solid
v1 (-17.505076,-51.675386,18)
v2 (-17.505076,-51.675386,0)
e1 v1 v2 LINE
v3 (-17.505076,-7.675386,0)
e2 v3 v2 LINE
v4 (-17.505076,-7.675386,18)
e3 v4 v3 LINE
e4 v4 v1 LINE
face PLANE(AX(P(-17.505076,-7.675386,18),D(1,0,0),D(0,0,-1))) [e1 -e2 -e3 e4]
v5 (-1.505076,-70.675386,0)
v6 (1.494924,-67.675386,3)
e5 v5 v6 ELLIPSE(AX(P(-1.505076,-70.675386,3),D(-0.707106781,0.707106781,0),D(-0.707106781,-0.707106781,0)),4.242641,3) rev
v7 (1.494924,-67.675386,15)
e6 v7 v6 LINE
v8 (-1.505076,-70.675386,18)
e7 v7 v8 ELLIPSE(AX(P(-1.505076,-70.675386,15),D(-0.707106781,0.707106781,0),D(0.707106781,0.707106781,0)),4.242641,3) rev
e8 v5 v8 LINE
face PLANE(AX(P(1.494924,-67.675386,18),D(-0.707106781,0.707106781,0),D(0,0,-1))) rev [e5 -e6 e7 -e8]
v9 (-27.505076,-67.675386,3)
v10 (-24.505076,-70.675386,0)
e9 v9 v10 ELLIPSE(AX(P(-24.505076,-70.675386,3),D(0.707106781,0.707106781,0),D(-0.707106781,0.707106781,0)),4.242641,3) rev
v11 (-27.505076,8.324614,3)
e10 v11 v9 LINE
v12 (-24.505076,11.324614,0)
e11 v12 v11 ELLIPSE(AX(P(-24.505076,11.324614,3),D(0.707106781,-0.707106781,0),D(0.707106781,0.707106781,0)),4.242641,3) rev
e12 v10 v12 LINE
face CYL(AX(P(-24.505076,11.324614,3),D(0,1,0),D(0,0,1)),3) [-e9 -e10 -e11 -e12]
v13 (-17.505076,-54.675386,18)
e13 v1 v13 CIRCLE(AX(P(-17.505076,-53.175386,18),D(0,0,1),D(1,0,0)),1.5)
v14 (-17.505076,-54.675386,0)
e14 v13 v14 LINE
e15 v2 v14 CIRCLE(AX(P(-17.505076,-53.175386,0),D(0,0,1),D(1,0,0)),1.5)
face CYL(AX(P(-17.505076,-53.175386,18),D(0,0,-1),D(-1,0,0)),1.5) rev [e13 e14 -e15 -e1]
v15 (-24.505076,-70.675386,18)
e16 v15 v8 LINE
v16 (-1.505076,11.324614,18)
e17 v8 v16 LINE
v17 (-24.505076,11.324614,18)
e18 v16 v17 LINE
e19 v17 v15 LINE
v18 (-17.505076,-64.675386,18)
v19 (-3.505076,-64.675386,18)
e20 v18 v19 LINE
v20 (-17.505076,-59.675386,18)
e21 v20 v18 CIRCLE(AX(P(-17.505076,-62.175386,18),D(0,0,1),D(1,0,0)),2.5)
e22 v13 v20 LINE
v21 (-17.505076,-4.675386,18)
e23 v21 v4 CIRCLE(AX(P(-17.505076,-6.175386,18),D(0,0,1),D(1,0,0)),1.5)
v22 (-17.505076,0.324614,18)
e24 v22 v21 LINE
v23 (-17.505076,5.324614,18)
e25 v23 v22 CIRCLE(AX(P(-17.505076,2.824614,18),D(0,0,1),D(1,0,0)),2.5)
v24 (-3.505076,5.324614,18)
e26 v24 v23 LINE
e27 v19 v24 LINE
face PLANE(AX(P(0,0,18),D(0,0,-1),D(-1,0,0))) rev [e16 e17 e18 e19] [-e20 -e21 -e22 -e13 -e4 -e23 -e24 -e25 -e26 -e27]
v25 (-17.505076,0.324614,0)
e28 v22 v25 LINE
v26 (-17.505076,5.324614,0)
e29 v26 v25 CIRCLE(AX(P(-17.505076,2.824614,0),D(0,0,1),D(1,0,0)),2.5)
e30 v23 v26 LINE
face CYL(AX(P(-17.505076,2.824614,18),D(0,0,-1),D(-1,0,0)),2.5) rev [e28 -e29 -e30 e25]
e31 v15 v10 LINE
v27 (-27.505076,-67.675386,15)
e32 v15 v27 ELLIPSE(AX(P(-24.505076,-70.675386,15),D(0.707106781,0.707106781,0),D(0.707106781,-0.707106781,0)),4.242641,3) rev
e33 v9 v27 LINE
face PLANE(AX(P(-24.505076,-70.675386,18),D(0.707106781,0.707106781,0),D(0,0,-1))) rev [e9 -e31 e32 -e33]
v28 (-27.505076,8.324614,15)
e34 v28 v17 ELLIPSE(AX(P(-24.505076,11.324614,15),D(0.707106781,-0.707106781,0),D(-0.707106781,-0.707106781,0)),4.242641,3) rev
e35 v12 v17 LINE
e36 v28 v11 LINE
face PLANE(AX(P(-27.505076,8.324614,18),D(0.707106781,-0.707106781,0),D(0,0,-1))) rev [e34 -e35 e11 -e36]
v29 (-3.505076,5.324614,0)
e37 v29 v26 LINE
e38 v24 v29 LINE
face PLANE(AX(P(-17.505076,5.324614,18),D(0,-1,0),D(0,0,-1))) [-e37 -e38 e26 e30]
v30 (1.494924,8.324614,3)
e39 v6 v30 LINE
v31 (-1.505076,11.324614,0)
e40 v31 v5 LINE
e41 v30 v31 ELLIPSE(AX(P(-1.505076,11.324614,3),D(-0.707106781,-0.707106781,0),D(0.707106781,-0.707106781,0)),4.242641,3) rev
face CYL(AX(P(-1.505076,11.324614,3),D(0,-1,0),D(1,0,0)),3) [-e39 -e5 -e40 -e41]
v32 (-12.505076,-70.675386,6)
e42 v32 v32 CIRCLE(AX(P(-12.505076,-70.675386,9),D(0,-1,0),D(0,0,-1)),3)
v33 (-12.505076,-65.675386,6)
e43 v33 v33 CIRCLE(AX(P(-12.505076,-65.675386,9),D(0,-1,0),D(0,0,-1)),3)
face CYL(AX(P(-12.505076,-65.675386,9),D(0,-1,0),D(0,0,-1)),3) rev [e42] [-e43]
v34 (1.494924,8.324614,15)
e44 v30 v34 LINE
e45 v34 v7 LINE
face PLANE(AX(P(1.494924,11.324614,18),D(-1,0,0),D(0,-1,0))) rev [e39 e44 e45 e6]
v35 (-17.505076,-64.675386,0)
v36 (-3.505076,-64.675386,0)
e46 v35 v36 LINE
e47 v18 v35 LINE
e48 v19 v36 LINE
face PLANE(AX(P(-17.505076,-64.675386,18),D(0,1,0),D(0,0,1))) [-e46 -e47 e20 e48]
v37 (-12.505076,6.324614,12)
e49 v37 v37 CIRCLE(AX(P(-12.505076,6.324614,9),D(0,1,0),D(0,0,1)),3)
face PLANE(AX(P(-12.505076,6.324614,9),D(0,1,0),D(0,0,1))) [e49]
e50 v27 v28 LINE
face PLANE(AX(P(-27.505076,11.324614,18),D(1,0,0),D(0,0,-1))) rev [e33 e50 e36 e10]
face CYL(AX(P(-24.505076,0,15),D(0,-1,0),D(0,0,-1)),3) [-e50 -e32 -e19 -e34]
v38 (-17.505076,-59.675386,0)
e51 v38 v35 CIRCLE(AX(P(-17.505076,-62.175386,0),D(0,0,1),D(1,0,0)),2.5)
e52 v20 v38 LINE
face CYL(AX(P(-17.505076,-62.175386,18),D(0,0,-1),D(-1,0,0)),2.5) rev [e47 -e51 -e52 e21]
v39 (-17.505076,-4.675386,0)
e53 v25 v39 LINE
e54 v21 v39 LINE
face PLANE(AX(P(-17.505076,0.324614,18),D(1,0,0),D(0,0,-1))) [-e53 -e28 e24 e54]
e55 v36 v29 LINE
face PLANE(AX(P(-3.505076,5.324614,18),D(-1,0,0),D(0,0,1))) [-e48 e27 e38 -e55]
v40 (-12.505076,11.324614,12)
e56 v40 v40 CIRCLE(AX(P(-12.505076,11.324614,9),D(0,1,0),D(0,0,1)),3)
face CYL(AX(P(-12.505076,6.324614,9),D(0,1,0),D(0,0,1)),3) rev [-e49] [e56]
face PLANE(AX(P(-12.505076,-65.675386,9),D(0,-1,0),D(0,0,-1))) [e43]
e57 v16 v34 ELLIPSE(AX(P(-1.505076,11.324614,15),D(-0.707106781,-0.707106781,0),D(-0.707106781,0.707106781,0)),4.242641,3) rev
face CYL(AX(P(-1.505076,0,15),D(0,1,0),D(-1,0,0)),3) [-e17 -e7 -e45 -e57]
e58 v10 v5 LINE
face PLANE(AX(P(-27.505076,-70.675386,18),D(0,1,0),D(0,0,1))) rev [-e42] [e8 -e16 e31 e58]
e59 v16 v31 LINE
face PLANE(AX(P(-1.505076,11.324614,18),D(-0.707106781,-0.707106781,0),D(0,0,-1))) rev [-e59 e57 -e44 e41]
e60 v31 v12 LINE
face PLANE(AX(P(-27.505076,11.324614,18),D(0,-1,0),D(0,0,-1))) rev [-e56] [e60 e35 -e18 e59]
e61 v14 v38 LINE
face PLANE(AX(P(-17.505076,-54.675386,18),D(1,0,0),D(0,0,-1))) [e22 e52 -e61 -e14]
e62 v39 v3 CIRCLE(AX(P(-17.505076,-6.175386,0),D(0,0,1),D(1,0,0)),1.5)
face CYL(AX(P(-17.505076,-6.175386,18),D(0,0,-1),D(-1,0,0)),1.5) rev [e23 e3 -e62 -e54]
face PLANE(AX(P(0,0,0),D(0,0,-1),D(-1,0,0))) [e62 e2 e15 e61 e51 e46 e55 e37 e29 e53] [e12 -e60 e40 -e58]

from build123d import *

# Parameters (mm, degrees)
SKETCH_1_W          = 29
SKETCH_1_H          = 82
EXTRUDE_1_DEPTH     = 18
CHAMFER_1_SIZE      = 3
FILLET_1_R          = 3
SKETCH_2_R          = 3
CUT_EXTRUDE_1_DEPTH = 5
CUT_EXTRUDE_START   = -5
SKETCH_3_R          = 3
CUT_EXTRUDE_2_DEPTH = 5


with BuildPart() as part:
    # 草图1 → 凸台-拉伸1 (new body)
    with BuildSketch(Plane.XY):
        with Locations((-13.005076144, -29.675385896)):
            Rectangle(SKETCH_1_W, SKETCH_1_H)
        with BuildLine():
            Line((-3.505076144, 5.324614104), (-3.505076144, -64.675385896))
            Line((-3.505076144, -64.675385896), (-17.505076144, -64.675385896))
            ThreePointArc((-17.505076144, -64.675385896), (-20.005076144, -62.175385896), (-17.505076144, -59.675385896))
            Line((-17.505076144, -59.675385896), (-17.505076144, -54.675385896))
            ThreePointArc((-17.505076144, -54.675385896), (-19.005076144, -53.175385896), (-17.505076144, -51.675385896))
            Line((-17.505076144, -51.675385896), (-17.505076144, -7.675385896))
            ThreePointArc((-17.505076144, -7.675385896), (-19.005076144, -6.175385896), (-17.505076144, -4.675385896))
            Line((-17.505076144, -4.675385896), (-17.505076144, 0.324614104))
            ThreePointArc((-17.505076144, 0.324614104), (-20.005076144, 2.824614104), (-17.505076144, 5.324614104))
            Line((-17.505076144, 5.324614104), (-3.505076144, 5.324614104))
        make_face(mode=Mode.SUBTRACT)
    extrude(amount=EXTRUDE_1_DEPTH)

    # 倒角1
    chamfer_1_edges = [part.edges().sort_by_distance(p)[0] for p in [
        (1.494923856, 11.324614104, 9),
        (1.494923856, -70.675385896, 9),
        (-27.505076144, -70.675385896, 9),
        (-27.505076144, 11.324614104, 9),
    ]]
    chamfer(chamfer_1_edges, length=CHAMFER_1_SIZE)

    # 圆角1
    fillet_1_edges = [part.edges().sort_by_distance(p)[0] for p in [
        (-27.505076144, -29.675385896, 0),
        (-27.505076144, -29.675385896, 18),
        (1.494923856, -29.675385896, 0),
        (1.494923856, -29.675385896, 18),
    ]]
    fillet(fillet_1_edges, radius=FILLET_1_R)

    # 草图2 → 切除-拉伸1 (cut)
    with BuildSketch(Plane.XZ.offset(70.675385896)):
        with Locations(Location((-12.505076144, 9, 0), (0, 0, 270))):
            Circle(SKETCH_2_R)
    extrude(amount=-CUT_EXTRUDE_1_DEPTH, mode=Mode.SUBTRACT)

    # 草图3 → 切除-拉伸2 (cut)
    with BuildSketch(Plane(origin=(0, 11.324614104, 0), x_dir=(1, 0, 0), z_dir=(0, 1, 0)).offset(CUT_EXTRUDE_START)):
        with Locations(Location((-12.505076144, -9, 0), (0, 0, 90))):
            Circle(SKETCH_3_R)
    extrude(amount=CUT_EXTRUDE_2_DEPTH, mode=Mode.SUBTRACT)


solid = part.part
